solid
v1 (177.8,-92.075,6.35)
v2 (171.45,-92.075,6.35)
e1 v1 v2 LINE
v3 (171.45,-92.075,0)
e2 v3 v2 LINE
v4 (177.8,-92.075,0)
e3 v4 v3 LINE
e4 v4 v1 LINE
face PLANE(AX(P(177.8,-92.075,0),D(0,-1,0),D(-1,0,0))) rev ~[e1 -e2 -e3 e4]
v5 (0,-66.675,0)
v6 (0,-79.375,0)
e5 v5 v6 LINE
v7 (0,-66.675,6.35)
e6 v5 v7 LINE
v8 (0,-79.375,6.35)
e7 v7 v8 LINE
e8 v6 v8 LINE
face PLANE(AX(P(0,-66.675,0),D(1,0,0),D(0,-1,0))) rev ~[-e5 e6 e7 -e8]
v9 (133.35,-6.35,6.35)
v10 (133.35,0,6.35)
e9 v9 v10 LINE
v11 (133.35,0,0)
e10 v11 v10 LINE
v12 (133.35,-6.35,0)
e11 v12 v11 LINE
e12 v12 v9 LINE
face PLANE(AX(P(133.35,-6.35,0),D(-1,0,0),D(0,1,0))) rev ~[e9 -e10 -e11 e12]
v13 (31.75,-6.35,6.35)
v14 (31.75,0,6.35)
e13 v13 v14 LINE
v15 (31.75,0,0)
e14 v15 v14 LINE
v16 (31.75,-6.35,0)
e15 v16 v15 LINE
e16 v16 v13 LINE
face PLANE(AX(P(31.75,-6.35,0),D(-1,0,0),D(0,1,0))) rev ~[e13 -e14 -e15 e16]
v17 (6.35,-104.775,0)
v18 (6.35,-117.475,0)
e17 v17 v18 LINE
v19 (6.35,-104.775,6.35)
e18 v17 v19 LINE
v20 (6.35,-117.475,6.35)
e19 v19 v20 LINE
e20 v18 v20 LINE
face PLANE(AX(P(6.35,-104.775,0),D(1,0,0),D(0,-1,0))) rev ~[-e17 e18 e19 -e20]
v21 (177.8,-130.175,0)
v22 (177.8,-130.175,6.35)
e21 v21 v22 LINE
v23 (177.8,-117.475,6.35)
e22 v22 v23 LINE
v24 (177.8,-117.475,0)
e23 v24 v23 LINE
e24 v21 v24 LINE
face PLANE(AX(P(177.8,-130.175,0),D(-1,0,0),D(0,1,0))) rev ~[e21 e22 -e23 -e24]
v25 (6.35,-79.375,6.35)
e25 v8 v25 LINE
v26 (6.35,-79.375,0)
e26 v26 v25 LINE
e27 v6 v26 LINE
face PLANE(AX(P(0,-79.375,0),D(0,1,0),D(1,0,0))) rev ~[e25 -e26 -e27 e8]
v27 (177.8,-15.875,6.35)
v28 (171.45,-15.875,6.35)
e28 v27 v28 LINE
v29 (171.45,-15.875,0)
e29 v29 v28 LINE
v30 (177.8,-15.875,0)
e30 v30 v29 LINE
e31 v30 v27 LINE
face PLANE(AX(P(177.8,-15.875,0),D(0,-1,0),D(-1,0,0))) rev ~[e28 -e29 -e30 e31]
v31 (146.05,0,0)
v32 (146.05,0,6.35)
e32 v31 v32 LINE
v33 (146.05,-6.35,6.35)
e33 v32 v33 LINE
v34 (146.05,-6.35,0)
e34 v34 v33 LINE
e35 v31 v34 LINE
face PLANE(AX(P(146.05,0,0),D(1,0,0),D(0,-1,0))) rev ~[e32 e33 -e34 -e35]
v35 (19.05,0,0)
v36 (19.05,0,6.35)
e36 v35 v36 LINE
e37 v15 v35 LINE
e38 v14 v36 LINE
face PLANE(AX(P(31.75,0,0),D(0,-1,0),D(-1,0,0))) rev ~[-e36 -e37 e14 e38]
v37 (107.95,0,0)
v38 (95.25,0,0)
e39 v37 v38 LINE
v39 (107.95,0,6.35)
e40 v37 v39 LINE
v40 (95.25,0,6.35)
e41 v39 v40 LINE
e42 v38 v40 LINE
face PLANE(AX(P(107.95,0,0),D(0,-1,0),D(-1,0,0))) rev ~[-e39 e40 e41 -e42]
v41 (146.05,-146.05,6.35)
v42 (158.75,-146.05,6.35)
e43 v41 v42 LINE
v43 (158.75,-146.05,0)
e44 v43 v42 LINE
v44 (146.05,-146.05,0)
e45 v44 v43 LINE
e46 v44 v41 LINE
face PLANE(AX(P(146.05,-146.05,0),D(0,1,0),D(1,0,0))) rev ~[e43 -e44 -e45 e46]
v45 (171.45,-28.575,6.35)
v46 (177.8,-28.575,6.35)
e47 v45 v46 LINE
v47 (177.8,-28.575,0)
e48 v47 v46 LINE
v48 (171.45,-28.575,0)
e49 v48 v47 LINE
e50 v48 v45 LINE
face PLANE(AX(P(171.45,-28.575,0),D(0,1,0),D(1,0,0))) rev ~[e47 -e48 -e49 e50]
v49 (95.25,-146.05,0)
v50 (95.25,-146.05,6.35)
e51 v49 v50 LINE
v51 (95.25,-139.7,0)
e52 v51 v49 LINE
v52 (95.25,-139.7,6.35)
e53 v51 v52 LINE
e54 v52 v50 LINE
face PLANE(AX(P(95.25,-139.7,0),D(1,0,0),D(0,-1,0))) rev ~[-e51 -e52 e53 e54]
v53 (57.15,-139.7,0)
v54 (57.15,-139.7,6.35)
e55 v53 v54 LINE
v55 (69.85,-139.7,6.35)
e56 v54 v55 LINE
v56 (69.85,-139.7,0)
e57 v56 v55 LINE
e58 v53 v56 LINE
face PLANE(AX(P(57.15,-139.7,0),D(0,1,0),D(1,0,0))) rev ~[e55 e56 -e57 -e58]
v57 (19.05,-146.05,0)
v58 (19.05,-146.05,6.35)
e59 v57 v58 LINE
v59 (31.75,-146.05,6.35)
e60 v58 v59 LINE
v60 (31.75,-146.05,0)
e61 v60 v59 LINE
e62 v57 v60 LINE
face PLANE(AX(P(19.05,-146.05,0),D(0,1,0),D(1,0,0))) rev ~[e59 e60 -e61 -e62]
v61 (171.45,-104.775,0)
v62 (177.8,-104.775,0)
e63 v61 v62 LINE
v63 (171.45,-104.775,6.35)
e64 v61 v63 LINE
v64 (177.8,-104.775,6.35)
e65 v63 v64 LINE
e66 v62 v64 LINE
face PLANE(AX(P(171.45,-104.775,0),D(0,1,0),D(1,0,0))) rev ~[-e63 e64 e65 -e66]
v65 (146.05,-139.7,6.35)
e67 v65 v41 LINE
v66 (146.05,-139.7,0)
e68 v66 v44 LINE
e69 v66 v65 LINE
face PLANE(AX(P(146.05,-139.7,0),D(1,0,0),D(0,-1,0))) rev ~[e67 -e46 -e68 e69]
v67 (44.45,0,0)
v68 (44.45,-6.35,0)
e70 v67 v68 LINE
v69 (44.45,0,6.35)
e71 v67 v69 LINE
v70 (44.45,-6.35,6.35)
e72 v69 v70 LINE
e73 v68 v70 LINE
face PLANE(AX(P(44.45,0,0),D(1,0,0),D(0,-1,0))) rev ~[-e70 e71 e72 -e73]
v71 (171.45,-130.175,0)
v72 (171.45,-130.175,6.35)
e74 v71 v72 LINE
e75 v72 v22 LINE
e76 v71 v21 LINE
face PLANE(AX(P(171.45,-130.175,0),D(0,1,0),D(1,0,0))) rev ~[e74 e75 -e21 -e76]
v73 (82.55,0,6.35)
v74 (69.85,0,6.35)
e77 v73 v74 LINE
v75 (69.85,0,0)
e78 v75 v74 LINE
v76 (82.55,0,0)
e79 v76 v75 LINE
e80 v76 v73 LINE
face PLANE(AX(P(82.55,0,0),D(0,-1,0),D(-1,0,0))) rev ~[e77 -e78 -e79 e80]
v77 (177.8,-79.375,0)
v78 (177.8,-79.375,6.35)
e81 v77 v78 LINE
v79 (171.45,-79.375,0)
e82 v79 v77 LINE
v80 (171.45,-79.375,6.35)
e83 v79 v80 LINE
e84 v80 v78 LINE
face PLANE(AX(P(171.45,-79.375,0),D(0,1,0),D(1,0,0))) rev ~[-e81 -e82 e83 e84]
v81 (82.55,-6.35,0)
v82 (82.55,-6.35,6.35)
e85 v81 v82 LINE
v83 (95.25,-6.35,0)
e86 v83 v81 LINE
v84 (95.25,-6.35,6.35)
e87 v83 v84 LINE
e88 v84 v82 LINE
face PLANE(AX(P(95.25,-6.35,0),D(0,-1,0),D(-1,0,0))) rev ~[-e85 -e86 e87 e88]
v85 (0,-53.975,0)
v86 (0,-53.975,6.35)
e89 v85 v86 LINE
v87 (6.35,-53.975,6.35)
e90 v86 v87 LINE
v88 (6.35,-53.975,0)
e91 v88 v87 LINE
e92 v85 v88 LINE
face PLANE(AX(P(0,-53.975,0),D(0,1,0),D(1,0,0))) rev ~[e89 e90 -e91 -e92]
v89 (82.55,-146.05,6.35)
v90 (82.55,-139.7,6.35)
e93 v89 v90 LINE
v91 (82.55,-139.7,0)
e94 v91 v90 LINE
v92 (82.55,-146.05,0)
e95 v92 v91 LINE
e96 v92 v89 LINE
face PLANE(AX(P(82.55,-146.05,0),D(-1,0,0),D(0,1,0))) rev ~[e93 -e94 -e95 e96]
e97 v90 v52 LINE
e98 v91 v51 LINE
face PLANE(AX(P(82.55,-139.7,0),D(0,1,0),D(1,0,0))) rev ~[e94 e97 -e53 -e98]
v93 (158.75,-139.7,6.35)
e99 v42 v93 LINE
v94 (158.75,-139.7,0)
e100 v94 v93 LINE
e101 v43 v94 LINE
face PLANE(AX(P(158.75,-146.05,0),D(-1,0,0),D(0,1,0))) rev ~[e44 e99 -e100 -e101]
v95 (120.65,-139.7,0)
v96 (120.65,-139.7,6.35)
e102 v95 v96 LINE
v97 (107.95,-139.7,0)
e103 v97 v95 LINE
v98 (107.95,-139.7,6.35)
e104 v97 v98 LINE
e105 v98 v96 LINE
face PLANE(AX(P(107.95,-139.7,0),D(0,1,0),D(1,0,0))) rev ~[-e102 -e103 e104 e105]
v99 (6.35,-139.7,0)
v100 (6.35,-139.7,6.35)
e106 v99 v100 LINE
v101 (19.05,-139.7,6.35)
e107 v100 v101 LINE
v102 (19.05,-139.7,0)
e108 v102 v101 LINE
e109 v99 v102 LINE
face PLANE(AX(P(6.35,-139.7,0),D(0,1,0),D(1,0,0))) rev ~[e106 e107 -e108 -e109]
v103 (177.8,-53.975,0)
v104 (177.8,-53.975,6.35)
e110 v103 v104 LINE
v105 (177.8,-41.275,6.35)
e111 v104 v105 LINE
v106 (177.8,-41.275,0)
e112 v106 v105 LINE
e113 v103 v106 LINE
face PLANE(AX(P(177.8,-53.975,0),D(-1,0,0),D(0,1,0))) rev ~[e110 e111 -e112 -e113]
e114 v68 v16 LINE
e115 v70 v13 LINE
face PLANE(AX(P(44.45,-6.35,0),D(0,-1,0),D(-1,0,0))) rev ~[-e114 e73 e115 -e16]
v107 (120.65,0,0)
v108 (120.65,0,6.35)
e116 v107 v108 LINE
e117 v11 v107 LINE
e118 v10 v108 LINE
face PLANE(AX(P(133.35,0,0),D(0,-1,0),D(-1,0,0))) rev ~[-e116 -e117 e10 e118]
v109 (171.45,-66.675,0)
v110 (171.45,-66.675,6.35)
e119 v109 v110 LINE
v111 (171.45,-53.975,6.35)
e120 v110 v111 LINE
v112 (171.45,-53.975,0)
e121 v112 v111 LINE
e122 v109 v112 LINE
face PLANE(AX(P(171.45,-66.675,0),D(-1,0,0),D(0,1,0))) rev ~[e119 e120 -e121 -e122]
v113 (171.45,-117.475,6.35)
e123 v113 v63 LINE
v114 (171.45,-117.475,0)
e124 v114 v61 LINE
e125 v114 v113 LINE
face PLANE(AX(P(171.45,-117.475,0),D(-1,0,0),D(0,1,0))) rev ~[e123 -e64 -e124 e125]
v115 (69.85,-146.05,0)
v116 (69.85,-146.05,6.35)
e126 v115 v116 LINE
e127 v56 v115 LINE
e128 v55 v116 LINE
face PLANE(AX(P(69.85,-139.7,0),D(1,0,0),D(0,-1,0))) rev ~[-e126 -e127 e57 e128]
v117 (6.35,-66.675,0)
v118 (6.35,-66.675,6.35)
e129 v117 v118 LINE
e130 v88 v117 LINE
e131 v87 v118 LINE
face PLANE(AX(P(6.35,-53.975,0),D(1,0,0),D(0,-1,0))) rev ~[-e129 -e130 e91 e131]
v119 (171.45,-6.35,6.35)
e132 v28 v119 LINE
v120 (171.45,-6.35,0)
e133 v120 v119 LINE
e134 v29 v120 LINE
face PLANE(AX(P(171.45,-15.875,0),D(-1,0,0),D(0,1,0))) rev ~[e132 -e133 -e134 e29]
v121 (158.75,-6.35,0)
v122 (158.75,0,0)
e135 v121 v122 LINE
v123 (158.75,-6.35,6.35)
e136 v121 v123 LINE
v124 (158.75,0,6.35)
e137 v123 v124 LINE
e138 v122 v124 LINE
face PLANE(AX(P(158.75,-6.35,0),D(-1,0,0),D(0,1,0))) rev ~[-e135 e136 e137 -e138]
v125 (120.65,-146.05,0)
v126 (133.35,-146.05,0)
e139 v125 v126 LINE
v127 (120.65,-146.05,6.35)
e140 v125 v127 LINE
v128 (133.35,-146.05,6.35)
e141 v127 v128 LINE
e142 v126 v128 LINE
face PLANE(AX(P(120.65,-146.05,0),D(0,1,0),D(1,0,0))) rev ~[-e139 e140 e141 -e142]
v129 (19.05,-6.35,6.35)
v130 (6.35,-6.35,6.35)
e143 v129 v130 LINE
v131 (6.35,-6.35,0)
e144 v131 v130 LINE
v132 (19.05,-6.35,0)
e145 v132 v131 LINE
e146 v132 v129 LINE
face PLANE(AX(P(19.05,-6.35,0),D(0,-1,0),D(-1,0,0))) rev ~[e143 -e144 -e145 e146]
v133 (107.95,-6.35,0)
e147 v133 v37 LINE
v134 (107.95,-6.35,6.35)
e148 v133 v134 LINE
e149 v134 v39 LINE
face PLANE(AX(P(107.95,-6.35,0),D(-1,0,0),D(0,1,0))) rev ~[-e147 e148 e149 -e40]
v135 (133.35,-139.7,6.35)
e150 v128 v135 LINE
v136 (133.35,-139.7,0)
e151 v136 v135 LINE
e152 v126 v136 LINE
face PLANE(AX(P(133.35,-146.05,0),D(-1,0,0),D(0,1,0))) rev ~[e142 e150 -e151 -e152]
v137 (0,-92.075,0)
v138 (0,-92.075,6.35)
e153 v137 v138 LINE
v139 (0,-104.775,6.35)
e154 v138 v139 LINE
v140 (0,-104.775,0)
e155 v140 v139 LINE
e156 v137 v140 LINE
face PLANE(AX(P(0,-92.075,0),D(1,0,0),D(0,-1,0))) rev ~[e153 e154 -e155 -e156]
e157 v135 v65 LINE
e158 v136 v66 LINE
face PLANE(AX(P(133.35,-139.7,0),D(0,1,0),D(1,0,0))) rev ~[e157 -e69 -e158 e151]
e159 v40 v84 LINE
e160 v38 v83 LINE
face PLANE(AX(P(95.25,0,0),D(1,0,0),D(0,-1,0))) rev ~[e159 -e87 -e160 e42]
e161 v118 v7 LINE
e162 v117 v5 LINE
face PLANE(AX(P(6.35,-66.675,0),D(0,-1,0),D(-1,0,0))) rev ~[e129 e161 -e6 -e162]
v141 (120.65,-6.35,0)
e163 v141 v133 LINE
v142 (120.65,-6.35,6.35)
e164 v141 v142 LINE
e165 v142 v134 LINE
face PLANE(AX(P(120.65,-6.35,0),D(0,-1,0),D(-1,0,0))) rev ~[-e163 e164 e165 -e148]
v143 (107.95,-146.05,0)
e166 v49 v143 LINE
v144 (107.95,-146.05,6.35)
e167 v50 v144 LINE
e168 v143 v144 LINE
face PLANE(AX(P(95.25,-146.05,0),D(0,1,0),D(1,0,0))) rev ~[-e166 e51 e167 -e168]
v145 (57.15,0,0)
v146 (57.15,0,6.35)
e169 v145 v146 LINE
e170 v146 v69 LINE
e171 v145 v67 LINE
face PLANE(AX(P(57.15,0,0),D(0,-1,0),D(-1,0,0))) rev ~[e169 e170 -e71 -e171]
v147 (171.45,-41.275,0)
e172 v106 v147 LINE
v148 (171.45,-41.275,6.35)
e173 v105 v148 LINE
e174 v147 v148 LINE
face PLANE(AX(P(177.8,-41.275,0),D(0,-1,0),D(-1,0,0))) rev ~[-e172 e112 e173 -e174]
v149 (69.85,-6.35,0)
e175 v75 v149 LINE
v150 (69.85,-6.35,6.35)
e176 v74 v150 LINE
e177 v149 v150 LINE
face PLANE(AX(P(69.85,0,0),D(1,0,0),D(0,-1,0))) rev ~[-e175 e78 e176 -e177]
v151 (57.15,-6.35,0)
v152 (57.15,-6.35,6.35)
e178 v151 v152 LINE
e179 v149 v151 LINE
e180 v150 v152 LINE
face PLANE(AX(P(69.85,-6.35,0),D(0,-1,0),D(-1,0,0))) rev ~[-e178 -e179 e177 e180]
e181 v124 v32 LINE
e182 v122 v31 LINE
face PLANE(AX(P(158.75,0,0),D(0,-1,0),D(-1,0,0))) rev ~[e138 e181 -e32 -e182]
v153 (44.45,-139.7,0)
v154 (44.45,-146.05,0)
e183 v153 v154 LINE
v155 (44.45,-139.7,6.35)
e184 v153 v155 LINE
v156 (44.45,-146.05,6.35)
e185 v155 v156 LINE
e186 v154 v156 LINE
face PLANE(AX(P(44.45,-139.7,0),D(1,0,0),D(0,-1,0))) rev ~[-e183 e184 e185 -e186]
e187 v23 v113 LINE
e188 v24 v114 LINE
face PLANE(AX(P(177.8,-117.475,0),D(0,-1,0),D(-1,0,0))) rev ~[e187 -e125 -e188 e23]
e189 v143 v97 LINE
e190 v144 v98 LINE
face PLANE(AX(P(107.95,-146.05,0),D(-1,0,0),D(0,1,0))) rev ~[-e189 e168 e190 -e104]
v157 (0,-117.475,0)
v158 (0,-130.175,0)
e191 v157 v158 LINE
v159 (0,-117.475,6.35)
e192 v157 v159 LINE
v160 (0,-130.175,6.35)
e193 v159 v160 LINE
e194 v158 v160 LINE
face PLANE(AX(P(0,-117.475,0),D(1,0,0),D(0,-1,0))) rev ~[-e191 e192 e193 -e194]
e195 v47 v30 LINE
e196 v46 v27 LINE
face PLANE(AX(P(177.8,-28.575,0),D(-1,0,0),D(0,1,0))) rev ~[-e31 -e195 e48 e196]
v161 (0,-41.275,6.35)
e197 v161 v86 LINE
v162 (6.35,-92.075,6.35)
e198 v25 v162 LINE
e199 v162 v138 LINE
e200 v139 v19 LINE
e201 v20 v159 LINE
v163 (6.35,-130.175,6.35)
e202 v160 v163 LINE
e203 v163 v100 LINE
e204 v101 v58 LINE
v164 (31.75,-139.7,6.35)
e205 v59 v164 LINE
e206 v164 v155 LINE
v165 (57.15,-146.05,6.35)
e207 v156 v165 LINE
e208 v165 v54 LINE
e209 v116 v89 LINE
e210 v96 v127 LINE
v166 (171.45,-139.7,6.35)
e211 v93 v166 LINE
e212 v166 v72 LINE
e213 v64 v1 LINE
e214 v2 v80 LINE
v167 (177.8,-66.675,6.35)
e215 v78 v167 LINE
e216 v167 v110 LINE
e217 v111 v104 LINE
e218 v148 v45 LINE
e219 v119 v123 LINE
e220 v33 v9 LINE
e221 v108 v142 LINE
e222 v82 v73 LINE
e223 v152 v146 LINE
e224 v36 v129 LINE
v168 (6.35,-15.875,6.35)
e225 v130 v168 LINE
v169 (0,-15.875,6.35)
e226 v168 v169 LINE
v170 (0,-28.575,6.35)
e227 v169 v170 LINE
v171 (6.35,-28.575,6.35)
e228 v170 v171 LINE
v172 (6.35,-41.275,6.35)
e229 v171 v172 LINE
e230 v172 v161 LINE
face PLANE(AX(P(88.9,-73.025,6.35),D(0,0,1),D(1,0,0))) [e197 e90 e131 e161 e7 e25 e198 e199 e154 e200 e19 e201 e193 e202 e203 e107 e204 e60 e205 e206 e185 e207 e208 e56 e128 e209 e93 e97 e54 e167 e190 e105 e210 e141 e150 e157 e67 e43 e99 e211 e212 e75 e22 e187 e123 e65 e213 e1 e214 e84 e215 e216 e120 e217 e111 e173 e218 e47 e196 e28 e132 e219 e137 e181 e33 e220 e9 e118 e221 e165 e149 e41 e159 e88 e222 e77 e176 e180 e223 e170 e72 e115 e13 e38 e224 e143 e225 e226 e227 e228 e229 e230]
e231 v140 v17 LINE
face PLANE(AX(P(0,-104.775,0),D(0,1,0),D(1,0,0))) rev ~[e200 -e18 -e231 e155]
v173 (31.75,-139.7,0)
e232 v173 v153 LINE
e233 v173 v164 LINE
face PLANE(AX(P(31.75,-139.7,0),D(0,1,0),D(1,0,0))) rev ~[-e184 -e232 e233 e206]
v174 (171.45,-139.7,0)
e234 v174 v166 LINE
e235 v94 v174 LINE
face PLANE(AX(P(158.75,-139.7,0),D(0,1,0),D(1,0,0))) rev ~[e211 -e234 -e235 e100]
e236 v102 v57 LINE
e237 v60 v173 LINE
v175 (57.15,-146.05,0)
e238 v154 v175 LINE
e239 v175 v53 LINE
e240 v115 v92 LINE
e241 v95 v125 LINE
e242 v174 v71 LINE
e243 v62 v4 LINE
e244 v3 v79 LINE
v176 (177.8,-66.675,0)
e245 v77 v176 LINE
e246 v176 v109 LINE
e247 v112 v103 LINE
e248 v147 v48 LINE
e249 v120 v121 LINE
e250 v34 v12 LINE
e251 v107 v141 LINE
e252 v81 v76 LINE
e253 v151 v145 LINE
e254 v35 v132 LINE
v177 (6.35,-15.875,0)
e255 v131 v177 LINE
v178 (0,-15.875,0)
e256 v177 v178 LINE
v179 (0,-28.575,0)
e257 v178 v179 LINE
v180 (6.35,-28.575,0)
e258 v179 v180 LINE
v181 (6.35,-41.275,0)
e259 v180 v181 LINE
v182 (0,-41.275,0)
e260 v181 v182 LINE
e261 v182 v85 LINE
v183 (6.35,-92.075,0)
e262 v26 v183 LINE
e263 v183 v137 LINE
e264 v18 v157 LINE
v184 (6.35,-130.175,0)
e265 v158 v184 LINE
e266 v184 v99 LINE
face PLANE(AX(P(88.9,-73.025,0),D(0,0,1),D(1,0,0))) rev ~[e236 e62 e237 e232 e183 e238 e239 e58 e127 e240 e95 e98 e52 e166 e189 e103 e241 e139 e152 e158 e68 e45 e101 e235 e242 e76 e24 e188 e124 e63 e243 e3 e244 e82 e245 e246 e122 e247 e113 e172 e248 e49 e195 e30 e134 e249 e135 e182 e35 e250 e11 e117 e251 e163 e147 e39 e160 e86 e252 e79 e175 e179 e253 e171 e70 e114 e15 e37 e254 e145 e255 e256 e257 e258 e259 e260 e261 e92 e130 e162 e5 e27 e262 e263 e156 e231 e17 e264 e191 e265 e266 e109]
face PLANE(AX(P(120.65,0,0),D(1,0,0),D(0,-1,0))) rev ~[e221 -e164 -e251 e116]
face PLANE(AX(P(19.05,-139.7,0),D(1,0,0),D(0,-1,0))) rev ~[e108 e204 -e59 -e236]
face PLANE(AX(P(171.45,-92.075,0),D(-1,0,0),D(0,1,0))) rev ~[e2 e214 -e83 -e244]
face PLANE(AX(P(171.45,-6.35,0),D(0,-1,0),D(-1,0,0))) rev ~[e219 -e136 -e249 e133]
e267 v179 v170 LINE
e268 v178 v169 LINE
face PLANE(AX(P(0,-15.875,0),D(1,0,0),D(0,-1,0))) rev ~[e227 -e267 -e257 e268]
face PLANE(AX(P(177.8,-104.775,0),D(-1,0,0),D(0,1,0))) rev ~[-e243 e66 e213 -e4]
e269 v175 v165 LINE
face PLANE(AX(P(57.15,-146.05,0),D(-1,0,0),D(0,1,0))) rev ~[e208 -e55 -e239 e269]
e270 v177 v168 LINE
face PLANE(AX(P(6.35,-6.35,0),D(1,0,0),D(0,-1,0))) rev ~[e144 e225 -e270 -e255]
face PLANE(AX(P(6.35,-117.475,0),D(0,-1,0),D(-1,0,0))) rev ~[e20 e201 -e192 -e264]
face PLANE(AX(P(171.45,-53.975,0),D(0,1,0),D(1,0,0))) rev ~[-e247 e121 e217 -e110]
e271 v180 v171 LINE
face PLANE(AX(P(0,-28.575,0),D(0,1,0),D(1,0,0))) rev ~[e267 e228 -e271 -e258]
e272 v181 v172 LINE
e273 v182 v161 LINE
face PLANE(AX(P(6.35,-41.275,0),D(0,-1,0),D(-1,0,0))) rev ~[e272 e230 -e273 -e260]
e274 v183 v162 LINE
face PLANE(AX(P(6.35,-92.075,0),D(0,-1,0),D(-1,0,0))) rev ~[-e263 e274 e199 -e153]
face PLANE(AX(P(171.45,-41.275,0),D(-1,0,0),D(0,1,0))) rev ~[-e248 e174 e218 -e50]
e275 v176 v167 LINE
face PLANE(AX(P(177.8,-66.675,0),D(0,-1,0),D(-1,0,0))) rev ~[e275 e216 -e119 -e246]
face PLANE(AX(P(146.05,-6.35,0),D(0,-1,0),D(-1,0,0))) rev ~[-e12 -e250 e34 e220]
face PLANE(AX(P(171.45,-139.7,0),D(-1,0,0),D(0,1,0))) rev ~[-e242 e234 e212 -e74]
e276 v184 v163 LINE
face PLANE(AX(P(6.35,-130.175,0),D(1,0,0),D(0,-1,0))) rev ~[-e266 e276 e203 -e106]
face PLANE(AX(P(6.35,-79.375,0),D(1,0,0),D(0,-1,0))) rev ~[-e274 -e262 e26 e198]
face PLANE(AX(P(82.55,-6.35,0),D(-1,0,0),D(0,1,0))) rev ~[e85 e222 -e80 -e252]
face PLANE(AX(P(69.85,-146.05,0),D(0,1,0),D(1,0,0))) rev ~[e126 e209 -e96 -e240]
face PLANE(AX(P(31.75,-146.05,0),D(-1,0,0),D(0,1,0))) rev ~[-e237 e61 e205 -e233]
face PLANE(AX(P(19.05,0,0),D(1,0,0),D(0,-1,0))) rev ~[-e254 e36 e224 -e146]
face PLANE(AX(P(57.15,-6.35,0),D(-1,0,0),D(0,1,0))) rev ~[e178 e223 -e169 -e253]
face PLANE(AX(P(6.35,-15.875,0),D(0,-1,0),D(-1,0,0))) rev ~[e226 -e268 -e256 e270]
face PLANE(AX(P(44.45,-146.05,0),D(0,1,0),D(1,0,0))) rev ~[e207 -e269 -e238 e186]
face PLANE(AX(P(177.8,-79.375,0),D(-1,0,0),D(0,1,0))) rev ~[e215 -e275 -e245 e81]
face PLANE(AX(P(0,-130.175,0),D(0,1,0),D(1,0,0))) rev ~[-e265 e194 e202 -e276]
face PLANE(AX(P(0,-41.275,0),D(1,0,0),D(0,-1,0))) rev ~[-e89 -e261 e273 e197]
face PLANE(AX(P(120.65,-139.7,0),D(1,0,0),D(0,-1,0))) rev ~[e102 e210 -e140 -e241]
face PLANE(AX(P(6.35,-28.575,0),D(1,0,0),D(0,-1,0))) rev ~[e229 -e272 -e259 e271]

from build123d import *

# Parameters (mm, degrees)
F1_DEPTH = 6.35


with BuildPart() as f1:
    # F0 (on Top) → F1 (new body)
    with BuildSketch(Plane.XY):
        Polygon((31.75, 0), (19.05, 0), (19.05, -6.35), (6.35, -6.35), (6.35, -15.875), (0, -15.875), (0, -28.575), (6.35, -28.575), (6.35, -41.275), (0, -41.275), (0, -53.975), (6.35, -53.975), (6.35, -66.675), (0, -66.675), (0, -79.375), (6.35, -79.375), (6.35, -92.075), (0, -92.075), (0, -104.775), (6.35, -104.775), (6.35, -117.475), (0, -117.475), (0, -130.175), (6.35, -130.175), (6.35, -139.7), (19.05, -139.7), (19.05, -146.05), (31.75, -146.05), (31.75, -139.7), (44.45, -139.7), (44.45, -146.05), (57.15, -146.05), (57.15, -139.7), (69.85, -139.7), (69.85, -146.05), (82.55, -146.05), (82.55, -139.7), (95.25, -139.7), (95.25, -146.05), (107.95, -146.05), (107.95, -139.7), (120.65, -139.7), (120.65, -146.05), (133.35, -146.05), (133.35, -139.7), (146.05, -139.7), (146.05, -146.05), (158.75, -146.05), (158.75, -139.7), (171.45, -139.7), (171.45, -130.175), (177.8, -130.175), (177.8, -117.475), (171.45, -117.475), (171.45, -104.775), (177.8, -104.775), (177.8, -92.075), (171.45, -92.075), (171.45, -79.375), (177.8, -79.375), (177.8, -66.675), (171.45, -66.675), (171.45, -53.975), (177.8, -53.975), (177.8, -41.275), (171.45, -41.275), (171.45, -28.575), (177.8, -28.575), (177.8, -15.875), (171.45, -15.875), (171.45, -6.35), (158.75, -6.35), (158.75, 0), (146.05, 0), (146.05, -6.35), (133.35, -6.35), (133.35, 0), (120.65, 0), (120.65, -6.35), (107.95, -6.35), (107.95, 0), (95.25, 0), (95.25, -6.35), (82.55, -6.35), (82.55, 0), (69.85, 0), (69.85, -6.35), (57.15, -6.35), (57.15, 0), (44.45, 0), (44.45, -6.35), (31.75, -6.35), align=None)
    extrude(amount=F1_DEPTH)


solid = f1.part
